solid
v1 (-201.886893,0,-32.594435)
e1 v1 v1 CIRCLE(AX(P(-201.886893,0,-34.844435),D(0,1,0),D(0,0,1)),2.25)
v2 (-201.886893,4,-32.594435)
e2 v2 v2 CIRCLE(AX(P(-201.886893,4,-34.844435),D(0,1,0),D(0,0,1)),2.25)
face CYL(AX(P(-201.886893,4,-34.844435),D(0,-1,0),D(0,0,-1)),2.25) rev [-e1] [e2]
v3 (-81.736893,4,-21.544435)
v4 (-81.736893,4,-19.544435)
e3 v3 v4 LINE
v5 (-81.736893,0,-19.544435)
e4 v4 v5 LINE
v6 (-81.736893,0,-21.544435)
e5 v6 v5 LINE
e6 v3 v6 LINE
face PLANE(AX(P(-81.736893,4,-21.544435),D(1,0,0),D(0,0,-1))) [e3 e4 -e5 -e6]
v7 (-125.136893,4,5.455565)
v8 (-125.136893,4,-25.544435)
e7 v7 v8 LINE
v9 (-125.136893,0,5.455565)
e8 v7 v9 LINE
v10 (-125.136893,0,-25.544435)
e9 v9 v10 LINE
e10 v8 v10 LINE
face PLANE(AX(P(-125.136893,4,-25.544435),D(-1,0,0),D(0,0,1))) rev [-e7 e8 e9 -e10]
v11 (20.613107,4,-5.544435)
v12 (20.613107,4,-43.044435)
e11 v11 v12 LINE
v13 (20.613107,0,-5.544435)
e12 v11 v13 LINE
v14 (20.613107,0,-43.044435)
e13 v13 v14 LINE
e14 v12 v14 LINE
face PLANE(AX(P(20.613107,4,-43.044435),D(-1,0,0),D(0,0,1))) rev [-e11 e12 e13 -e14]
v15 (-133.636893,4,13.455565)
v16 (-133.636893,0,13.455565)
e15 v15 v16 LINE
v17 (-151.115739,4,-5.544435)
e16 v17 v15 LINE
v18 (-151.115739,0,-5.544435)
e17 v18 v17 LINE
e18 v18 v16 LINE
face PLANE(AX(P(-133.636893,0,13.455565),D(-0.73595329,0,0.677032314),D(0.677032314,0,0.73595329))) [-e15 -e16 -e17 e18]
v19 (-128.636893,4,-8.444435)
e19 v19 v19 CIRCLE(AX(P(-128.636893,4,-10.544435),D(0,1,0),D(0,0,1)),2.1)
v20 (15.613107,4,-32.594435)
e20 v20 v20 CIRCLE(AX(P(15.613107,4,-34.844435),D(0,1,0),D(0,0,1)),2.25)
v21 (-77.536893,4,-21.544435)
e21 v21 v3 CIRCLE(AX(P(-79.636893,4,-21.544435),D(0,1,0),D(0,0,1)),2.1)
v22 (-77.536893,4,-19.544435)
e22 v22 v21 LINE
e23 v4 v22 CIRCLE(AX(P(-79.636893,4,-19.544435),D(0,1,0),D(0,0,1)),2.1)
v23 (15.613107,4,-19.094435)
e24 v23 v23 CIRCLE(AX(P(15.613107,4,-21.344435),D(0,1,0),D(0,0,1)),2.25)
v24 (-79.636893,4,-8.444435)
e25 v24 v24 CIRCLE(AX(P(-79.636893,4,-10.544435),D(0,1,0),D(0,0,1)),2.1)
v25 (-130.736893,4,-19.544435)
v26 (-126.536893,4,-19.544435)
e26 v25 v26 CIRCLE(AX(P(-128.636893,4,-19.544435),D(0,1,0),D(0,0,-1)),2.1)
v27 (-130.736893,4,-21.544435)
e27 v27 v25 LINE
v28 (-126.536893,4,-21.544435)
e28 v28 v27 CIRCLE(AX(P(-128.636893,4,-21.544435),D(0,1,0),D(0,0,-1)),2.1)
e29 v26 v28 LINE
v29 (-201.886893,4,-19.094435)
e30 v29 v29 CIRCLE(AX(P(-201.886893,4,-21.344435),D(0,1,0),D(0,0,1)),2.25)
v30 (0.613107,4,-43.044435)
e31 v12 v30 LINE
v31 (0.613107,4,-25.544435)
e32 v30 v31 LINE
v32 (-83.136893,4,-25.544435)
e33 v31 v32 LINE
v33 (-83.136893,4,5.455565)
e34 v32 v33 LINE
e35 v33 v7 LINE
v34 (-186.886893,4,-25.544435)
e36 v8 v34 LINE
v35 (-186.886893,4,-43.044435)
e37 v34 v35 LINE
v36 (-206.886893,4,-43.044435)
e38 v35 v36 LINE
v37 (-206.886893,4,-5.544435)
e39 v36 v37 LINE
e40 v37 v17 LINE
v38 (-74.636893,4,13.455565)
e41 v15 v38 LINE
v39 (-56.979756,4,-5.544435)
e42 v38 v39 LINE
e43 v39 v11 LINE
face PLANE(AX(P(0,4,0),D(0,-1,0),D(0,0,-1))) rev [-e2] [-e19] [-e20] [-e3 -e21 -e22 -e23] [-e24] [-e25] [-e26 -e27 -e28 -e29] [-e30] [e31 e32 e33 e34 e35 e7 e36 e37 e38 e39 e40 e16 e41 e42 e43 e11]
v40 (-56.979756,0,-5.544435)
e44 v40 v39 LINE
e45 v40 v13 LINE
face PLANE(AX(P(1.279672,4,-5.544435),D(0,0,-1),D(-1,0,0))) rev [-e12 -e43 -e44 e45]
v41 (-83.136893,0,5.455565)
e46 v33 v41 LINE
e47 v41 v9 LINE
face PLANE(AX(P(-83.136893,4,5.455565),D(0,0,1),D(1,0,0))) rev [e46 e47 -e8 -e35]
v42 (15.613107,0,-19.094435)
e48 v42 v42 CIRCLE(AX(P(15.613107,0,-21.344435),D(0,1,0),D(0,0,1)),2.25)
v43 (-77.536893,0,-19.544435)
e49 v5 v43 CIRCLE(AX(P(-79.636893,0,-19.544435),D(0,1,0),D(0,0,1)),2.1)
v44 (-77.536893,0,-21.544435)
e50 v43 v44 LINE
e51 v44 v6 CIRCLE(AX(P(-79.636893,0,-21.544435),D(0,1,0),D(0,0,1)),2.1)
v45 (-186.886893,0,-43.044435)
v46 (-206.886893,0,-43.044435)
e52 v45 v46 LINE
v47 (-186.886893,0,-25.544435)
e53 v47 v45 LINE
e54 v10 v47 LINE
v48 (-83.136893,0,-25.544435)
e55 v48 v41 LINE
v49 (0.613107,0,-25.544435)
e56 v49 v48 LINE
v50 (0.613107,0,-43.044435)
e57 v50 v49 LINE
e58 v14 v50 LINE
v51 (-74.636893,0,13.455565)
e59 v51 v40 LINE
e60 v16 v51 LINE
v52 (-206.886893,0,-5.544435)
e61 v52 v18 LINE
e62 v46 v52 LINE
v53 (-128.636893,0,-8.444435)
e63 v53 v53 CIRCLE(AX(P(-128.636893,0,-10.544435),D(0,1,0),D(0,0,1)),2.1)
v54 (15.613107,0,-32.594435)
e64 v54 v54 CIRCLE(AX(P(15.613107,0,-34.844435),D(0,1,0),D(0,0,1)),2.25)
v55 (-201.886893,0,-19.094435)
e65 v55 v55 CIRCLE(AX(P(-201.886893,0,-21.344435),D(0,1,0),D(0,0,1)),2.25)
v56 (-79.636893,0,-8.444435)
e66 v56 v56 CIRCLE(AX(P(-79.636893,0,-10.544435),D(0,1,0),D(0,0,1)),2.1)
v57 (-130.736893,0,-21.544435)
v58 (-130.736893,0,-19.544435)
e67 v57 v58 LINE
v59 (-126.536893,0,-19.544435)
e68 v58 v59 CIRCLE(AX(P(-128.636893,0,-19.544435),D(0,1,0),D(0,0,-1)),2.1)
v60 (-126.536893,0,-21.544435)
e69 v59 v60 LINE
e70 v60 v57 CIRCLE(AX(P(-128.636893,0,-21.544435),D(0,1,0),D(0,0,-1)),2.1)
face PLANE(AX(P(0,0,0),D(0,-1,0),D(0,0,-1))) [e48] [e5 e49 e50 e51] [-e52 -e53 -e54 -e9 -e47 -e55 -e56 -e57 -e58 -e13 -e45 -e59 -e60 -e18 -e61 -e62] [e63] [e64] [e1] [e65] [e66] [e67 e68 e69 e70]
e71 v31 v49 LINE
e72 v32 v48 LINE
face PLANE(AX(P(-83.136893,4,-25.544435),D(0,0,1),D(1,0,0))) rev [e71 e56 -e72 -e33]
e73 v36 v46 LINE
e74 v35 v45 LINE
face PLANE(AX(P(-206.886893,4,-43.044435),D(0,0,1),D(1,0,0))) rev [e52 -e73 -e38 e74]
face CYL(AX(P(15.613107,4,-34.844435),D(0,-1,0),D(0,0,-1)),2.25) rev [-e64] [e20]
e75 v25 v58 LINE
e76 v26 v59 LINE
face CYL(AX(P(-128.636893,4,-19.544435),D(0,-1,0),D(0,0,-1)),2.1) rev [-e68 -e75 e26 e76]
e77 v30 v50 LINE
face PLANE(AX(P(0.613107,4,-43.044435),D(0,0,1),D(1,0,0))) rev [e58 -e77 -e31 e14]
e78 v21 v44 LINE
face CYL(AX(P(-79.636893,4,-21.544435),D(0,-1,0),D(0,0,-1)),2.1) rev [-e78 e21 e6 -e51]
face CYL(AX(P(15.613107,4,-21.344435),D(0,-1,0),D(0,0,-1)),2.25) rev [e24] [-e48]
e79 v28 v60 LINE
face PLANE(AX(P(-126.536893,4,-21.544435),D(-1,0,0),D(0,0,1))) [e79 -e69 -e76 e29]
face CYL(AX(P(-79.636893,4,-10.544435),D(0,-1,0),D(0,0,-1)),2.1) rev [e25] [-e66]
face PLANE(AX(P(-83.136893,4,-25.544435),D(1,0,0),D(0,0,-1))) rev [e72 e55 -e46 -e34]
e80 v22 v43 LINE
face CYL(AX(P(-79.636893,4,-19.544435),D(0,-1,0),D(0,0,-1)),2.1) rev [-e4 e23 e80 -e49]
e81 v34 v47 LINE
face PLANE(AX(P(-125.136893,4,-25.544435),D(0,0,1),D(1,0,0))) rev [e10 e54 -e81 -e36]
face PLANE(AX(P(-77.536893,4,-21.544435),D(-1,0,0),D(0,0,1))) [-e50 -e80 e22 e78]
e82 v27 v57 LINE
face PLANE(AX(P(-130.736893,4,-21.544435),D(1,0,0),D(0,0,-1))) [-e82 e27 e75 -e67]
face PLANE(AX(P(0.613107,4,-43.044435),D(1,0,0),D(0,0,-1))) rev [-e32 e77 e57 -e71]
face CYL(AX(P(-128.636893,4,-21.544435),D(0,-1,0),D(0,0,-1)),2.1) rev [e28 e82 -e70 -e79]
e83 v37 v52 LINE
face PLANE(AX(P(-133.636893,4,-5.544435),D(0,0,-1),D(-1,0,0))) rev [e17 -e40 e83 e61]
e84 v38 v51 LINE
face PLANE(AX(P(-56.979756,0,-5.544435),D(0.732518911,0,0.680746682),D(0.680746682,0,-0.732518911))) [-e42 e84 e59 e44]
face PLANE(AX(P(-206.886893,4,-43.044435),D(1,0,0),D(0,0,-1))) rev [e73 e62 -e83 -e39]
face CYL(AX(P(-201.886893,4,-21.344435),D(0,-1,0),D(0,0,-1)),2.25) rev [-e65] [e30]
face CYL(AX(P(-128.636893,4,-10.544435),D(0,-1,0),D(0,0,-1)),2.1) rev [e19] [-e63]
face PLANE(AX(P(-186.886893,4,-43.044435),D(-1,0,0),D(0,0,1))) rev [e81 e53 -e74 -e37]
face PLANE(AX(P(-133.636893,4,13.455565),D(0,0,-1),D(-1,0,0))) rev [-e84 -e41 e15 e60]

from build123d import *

# Parameters (mm, degrees)
SKETCH_1_R      = 2.25
SKETCH_1_R_2    = 2.1
EXTRUDE_1_DEPTH = 4
EXTRUDE_2_DEPTH = 4


with BuildPart() as part:
    # 草图1 → 凸台-拉伸1 (new body)
    with BuildSketch(Plane(origin=(0, 0, 0), x_dir=(1, 0, 0), z_dir=(0, 1, 0))):
        Polygon((-83.136892884, -5.45556523), (-125.136892884, -5.45556523), (-125.136892884, 25.54443477), (-186.886892884, 25.54443477), (-186.886892884, 43.04443477), (-206.886892884, 43.04443477), (-206.886892884, 5.54443477), (-189.553457543, 5.54443477), (-133.636892884, 5.54443477), (-133.636892884, -13.45556523), (-74.636892884, -13.45556523), (-74.636892884, 5.54443477), (1.279671775, 5.54443477), (20.613107116, 5.54443477), (20.613107116, 13.09443477), (20.613107116, 43.04443477), (0.613107116, 43.04443477), (0.613107116, 25.54443477), (-74.636892884, 25.54443477), (-83.136892884, 25.54443477), align=None)
        with Locations((15.613107116, 34.84443477)):
            Circle(SKETCH_1_R, mode=Mode.SUBTRACT)
        with Locations((15.613107116, 21.34443477)):
            Circle(SKETCH_1_R, mode=Mode.SUBTRACT)
        with Locations((-79.636892884, 10.54443477)):
            Circle(SKETCH_1_R_2, mode=Mode.SUBTRACT)
        with Locations((-128.636892884, 10.54443477)):
            Circle(SKETCH_1_R_2, mode=Mode.SUBTRACT)
        with Locations((-201.886892884, 34.84443477)):
            Circle(SKETCH_1_R, mode=Mode.SUBTRACT)
        with Locations((-201.886892884, 21.34443477)):
            Circle(SKETCH_1_R, mode=Mode.SUBTRACT)
        with BuildLine():
            Line((-81.736892884, 21.54443477), (-81.736892884, 19.54443477))
            ThreePointArc((-81.736892884, 19.54443477), (-79.636892884, 17.44443477), (-77.536892884, 19.54443477))
            Line((-77.536892884, 19.54443477), (-77.536892884, 21.54443477))
            ThreePointArc((-77.536892884, 21.54443477), (-79.636892884, 23.64443477), (-81.736892884, 21.54443477))
        make_face(mode=Mode.SUBTRACT)
        with BuildLine():
            Line((-130.736892884, 21.54443477), (-130.736892884, 19.54443477))
            ThreePointArc((-130.736892884, 19.54443477), (-128.636892884, 17.44443477), (-126.536892884, 19.54443477))
            Line((-126.536892884, 19.54443477), (-126.536892884, 21.54443477))
            ThreePointArc((-126.536892884, 21.54443477), (-128.636892884, 23.64443477), (-130.736892884, 21.54443477))
        make_face(mode=Mode.SUBTRACT)
    extrude(amount=EXTRUDE_1_DEPTH)

    # 草图4 → 凸台-拉伸2 (add)
    with BuildSketch(Plane(origin=(0, 4, 0), x_dir=(1, 0, 0), z_dir=(0, 1, 0))):
        Polygon((-133.636892884, -13.45556523), (-151.115738533, 5.54443477), (-133.636892884, 5.54443477), align=None)
        Polygon((-74.636892884, -13.45556523), (-74.636892884, 5.54443477), (-56.979755625, 5.54443477), align=None)
    extrude(amount=-EXTRUDE_2_DEPTH)


solid = part.part
